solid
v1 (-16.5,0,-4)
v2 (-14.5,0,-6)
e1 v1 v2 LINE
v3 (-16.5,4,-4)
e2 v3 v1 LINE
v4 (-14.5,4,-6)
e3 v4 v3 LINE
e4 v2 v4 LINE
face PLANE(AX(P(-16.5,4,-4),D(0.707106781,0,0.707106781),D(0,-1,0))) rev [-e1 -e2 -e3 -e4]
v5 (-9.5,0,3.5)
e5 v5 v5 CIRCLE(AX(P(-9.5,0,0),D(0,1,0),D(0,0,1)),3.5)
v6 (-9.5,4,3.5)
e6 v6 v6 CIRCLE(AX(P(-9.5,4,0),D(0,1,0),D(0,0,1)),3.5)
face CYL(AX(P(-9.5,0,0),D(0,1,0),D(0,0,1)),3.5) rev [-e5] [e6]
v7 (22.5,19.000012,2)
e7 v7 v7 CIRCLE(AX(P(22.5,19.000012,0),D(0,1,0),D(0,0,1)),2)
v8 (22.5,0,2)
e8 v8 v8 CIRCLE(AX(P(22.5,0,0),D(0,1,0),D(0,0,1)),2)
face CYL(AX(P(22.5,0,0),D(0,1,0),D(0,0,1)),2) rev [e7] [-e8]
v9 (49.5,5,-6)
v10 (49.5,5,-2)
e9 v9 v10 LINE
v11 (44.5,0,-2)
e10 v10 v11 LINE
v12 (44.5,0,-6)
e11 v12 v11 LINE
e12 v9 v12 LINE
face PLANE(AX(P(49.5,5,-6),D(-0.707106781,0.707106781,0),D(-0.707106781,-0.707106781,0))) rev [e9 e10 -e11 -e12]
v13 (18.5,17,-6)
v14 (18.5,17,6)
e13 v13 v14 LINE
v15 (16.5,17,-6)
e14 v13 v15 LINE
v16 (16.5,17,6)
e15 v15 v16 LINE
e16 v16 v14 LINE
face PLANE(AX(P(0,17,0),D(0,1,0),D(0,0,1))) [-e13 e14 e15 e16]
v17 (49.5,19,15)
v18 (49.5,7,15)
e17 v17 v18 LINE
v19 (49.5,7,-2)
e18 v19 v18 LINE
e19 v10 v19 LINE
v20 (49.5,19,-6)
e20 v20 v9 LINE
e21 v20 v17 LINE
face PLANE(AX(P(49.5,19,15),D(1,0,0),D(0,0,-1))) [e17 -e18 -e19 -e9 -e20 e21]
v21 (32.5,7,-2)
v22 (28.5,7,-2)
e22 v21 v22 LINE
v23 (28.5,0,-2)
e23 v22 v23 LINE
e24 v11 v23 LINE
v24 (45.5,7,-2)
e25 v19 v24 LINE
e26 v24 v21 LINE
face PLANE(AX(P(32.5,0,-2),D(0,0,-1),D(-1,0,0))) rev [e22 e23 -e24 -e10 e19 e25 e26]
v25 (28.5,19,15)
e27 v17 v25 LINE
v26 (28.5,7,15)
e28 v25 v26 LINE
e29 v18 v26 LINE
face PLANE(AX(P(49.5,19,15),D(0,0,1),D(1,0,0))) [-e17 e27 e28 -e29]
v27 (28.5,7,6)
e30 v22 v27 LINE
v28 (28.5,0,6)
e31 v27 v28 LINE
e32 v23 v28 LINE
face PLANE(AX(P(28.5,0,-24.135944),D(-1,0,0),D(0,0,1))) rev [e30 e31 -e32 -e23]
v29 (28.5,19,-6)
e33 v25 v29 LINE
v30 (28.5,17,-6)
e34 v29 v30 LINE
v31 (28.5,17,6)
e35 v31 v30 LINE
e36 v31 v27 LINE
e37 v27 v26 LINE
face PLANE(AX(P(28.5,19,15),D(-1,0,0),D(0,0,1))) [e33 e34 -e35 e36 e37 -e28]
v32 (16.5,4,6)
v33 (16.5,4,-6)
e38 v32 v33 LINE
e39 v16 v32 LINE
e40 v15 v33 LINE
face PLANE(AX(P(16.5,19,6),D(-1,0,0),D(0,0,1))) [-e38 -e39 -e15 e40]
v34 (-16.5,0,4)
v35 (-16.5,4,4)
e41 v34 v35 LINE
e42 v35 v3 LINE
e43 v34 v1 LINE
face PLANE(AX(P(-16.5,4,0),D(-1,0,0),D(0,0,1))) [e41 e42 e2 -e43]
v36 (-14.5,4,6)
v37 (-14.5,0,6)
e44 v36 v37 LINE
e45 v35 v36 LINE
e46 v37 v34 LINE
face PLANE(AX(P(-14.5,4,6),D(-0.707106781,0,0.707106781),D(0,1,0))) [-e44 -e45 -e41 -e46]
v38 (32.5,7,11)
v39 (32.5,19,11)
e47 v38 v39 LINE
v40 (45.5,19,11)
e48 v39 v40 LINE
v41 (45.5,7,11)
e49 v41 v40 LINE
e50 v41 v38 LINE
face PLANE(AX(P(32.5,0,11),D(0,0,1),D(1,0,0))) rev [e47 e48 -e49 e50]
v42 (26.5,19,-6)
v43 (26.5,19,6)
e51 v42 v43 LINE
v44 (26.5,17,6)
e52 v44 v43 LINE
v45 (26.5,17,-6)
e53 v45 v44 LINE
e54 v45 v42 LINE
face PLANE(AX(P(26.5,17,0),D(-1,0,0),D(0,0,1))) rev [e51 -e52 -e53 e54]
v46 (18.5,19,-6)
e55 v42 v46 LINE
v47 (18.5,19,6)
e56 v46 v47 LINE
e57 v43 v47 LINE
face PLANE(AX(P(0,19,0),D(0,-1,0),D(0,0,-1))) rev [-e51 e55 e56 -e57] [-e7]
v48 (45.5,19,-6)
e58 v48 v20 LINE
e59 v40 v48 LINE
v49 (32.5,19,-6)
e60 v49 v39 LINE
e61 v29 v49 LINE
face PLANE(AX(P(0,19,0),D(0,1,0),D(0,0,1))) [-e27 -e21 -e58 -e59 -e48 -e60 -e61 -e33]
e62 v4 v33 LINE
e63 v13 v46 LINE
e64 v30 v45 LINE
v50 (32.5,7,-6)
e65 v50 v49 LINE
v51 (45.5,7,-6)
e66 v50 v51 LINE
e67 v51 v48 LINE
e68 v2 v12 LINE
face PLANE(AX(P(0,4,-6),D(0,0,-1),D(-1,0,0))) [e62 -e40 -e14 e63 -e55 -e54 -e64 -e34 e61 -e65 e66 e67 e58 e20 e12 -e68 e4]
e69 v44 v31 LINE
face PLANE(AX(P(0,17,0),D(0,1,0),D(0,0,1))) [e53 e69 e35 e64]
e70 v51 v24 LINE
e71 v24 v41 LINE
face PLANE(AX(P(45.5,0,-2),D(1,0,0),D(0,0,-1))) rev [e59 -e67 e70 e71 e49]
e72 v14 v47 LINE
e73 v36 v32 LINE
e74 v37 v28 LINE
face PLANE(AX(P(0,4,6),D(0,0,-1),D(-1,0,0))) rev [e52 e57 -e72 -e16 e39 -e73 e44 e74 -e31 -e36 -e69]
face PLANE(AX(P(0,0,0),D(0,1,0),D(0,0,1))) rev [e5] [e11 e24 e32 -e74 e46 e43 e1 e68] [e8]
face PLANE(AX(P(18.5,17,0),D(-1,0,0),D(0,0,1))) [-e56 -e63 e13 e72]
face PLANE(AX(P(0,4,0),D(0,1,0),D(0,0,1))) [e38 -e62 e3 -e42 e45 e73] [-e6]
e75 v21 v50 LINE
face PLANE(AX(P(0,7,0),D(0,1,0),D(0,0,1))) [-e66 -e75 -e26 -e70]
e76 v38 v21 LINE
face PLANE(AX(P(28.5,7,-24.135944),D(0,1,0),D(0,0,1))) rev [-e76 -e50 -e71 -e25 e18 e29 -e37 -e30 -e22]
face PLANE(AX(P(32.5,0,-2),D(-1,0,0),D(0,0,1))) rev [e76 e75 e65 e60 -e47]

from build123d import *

# Parameters (mm, degrees)
SKETCH_1_W               = 33
SKETCH_1_H               = 12
EXTRUDE_1_DEPTH          = 4
SKETCH_1_3_W             = 12
SKETCH_1_3_H             = 12
EXTRUDE_2_DEPTH          = 19
SKETCH_2_W               = 2
SKETCH_2_H               = 12
CUT_EXTRUDE_1_DEPTH      = 2
SKETCH_3_W               = 21
SKETCH_3_H               = 21
EXTRUDE_3_DEPTH          = 19
CUT_EXTRUDE_2_DEPTH      = 58.028501646
SKETCH_5_W               = 13
SKETCH_5_H               = 13
CUT_EXTRUDE_3_DEPTH      = 56.102177815
SKETCH_6_W               = 13
SKETCH_6_H               = 4
CUT_EXTRUDE_4_DEPTH      = 12
SKETCH_7_W               = 21
SKETCH_7_H               = 7
CUT_EXTRUDE_5_DEPTH      = 17
CUT_EXTRUDE_6_DEPTH      = 54.853969213
CUT_EXTRUDE_6_DEPTH_BACK = 54.853969213
SKETCH_8_R               = 3.5
CUT_EXTRUDE_7_DEPTH      = 56.102177815
CUT_EXTRUDE_7_DEPTH_BACK = 56.102177815
SKETCH_9_R               = 2
CHAMFER_1_SIZE           = 2


with BuildPart() as part:
    # 草图1 → 凸台-拉伸1 (new body)
    with BuildSketch(Plane(origin=(0, 0, 0), x_dir=(1, 0, 0), z_dir=(0, 1, 0))):
        Rectangle(SKETCH_1_W, SKETCH_1_H)
    extrude(amount=EXTRUDE_1_DEPTH)

    # 草图1<3> → 凸台-拉伸2 (add)
    with BuildSketch(Plane(origin=(0, 0, 0), x_dir=(1, 0, 0), z_dir=(0, 1, 0))):
        with Locations((22.5, 0)):
            Rectangle(SKETCH_1_3_W, SKETCH_1_3_H)
    extrude(amount=EXTRUDE_2_DEPTH)

    # 草图2 → 切除-拉伸1 (cut)
    with BuildSketch(Plane(origin=(0, 19, 0), x_dir=(1, 0, 0), z_dir=(0, 1, 0))):
        with Locations((17.5, 0)):
            Rectangle(SKETCH_2_W, SKETCH_2_H)
        with Locations((27.5, 0)):
            Rectangle(SKETCH_2_W, SKETCH_2_H)
    extrude(amount=-CUT_EXTRUDE_1_DEPTH, mode=Mode.SUBTRACT)

    # 草图3 → 凸台-拉伸3 (add)
    with BuildSketch(Plane.XZ):
        with Locations((39, 4.5)):
            Rectangle(SKETCH_3_W, SKETCH_3_H)
    extrude(amount=-EXTRUDE_3_DEPTH)

    # 草图4 → 切除-拉伸2 (cut, through all)
    with BuildSketch(Plane.XY.offset(15)):
        Polygon((49.5, 5), (44.5, 0), (49.5, 0), align=None)
    extrude(amount=-CUT_EXTRUDE_2_DEPTH, mode=Mode.SUBTRACT)

    # 草图5 → 切除-拉伸3 (cut, through all)
    with BuildSketch(Plane(origin=(0, 19, 0), x_dir=(1, 0, 0), z_dir=(0, 1, 0))):
        with Locations((39, -4.5)):
            Rectangle(SKETCH_5_W, SKETCH_5_H)
    extrude(amount=-CUT_EXTRUDE_3_DEPTH, mode=Mode.SUBTRACT)

    # 草图6 → 切除-拉伸4 (cut)
    with BuildSketch(Plane(origin=(0, 19, 0), x_dir=(1, 0, 0), z_dir=(0, 1, 0))):
        with Locations((39, 4)):
            Rectangle(SKETCH_6_W, SKETCH_6_H)
    extrude(amount=-CUT_EXTRUDE_4_DEPTH, mode=Mode.SUBTRACT)

    # 草图7 → 切除-拉伸5 (cut)
    with BuildSketch(Plane.XY.offset(15)):
        with Locations((39, 3.5)):
            Rectangle(SKETCH_7_W, SKETCH_7_H)
    extrude(amount=-CUT_EXTRUDE_5_DEPTH, mode=Mode.SUBTRACT)

    # 草图8 → 切除-拉伸6 (cut, two sides: drawn at the far end of the back side and taken through both)
    with BuildSketch(Plane(origin=(0, 4, 0), x_dir=(1, 0, 0), z_dir=(0, 1, 0)).offset(-CUT_EXTRUDE_6_DEPTH_BACK)):
        with Locations(Location((-9.5, 0, 0), (0, 0, 270))):
            Circle(SKETCH_8_R)
    extrude(amount=CUT_EXTRUDE_6_DEPTH + CUT_EXTRUDE_6_DEPTH_BACK, mode=Mode.SUBTRACT)

    # 草图9 → 切除-拉伸7 (cut, two sides: drawn at the far end of the back side and taken through both)
    with BuildSketch(Plane(origin=(0, 19, 0), x_dir=(1, 0, 0), z_dir=(0, 1, 0)).offset(-CUT_EXTRUDE_7_DEPTH_BACK)):
        with Locations(Location((22.5, 0, 0), (0, 0, 270))):
            Circle(SKETCH_9_R)
    extrude(amount=CUT_EXTRUDE_7_DEPTH + CUT_EXTRUDE_7_DEPTH_BACK, mode=Mode.SUBTRACT)

    # 倒角1
    chamfer_1_edges = [part.edges().sort_by_distance(p)[0] for p in [
        (-16.5, 2, 6),
        (-16.5, 2, -6),
    ]]
    chamfer(chamfer_1_edges, length=CHAMFER_1_SIZE)


solid = part.part
